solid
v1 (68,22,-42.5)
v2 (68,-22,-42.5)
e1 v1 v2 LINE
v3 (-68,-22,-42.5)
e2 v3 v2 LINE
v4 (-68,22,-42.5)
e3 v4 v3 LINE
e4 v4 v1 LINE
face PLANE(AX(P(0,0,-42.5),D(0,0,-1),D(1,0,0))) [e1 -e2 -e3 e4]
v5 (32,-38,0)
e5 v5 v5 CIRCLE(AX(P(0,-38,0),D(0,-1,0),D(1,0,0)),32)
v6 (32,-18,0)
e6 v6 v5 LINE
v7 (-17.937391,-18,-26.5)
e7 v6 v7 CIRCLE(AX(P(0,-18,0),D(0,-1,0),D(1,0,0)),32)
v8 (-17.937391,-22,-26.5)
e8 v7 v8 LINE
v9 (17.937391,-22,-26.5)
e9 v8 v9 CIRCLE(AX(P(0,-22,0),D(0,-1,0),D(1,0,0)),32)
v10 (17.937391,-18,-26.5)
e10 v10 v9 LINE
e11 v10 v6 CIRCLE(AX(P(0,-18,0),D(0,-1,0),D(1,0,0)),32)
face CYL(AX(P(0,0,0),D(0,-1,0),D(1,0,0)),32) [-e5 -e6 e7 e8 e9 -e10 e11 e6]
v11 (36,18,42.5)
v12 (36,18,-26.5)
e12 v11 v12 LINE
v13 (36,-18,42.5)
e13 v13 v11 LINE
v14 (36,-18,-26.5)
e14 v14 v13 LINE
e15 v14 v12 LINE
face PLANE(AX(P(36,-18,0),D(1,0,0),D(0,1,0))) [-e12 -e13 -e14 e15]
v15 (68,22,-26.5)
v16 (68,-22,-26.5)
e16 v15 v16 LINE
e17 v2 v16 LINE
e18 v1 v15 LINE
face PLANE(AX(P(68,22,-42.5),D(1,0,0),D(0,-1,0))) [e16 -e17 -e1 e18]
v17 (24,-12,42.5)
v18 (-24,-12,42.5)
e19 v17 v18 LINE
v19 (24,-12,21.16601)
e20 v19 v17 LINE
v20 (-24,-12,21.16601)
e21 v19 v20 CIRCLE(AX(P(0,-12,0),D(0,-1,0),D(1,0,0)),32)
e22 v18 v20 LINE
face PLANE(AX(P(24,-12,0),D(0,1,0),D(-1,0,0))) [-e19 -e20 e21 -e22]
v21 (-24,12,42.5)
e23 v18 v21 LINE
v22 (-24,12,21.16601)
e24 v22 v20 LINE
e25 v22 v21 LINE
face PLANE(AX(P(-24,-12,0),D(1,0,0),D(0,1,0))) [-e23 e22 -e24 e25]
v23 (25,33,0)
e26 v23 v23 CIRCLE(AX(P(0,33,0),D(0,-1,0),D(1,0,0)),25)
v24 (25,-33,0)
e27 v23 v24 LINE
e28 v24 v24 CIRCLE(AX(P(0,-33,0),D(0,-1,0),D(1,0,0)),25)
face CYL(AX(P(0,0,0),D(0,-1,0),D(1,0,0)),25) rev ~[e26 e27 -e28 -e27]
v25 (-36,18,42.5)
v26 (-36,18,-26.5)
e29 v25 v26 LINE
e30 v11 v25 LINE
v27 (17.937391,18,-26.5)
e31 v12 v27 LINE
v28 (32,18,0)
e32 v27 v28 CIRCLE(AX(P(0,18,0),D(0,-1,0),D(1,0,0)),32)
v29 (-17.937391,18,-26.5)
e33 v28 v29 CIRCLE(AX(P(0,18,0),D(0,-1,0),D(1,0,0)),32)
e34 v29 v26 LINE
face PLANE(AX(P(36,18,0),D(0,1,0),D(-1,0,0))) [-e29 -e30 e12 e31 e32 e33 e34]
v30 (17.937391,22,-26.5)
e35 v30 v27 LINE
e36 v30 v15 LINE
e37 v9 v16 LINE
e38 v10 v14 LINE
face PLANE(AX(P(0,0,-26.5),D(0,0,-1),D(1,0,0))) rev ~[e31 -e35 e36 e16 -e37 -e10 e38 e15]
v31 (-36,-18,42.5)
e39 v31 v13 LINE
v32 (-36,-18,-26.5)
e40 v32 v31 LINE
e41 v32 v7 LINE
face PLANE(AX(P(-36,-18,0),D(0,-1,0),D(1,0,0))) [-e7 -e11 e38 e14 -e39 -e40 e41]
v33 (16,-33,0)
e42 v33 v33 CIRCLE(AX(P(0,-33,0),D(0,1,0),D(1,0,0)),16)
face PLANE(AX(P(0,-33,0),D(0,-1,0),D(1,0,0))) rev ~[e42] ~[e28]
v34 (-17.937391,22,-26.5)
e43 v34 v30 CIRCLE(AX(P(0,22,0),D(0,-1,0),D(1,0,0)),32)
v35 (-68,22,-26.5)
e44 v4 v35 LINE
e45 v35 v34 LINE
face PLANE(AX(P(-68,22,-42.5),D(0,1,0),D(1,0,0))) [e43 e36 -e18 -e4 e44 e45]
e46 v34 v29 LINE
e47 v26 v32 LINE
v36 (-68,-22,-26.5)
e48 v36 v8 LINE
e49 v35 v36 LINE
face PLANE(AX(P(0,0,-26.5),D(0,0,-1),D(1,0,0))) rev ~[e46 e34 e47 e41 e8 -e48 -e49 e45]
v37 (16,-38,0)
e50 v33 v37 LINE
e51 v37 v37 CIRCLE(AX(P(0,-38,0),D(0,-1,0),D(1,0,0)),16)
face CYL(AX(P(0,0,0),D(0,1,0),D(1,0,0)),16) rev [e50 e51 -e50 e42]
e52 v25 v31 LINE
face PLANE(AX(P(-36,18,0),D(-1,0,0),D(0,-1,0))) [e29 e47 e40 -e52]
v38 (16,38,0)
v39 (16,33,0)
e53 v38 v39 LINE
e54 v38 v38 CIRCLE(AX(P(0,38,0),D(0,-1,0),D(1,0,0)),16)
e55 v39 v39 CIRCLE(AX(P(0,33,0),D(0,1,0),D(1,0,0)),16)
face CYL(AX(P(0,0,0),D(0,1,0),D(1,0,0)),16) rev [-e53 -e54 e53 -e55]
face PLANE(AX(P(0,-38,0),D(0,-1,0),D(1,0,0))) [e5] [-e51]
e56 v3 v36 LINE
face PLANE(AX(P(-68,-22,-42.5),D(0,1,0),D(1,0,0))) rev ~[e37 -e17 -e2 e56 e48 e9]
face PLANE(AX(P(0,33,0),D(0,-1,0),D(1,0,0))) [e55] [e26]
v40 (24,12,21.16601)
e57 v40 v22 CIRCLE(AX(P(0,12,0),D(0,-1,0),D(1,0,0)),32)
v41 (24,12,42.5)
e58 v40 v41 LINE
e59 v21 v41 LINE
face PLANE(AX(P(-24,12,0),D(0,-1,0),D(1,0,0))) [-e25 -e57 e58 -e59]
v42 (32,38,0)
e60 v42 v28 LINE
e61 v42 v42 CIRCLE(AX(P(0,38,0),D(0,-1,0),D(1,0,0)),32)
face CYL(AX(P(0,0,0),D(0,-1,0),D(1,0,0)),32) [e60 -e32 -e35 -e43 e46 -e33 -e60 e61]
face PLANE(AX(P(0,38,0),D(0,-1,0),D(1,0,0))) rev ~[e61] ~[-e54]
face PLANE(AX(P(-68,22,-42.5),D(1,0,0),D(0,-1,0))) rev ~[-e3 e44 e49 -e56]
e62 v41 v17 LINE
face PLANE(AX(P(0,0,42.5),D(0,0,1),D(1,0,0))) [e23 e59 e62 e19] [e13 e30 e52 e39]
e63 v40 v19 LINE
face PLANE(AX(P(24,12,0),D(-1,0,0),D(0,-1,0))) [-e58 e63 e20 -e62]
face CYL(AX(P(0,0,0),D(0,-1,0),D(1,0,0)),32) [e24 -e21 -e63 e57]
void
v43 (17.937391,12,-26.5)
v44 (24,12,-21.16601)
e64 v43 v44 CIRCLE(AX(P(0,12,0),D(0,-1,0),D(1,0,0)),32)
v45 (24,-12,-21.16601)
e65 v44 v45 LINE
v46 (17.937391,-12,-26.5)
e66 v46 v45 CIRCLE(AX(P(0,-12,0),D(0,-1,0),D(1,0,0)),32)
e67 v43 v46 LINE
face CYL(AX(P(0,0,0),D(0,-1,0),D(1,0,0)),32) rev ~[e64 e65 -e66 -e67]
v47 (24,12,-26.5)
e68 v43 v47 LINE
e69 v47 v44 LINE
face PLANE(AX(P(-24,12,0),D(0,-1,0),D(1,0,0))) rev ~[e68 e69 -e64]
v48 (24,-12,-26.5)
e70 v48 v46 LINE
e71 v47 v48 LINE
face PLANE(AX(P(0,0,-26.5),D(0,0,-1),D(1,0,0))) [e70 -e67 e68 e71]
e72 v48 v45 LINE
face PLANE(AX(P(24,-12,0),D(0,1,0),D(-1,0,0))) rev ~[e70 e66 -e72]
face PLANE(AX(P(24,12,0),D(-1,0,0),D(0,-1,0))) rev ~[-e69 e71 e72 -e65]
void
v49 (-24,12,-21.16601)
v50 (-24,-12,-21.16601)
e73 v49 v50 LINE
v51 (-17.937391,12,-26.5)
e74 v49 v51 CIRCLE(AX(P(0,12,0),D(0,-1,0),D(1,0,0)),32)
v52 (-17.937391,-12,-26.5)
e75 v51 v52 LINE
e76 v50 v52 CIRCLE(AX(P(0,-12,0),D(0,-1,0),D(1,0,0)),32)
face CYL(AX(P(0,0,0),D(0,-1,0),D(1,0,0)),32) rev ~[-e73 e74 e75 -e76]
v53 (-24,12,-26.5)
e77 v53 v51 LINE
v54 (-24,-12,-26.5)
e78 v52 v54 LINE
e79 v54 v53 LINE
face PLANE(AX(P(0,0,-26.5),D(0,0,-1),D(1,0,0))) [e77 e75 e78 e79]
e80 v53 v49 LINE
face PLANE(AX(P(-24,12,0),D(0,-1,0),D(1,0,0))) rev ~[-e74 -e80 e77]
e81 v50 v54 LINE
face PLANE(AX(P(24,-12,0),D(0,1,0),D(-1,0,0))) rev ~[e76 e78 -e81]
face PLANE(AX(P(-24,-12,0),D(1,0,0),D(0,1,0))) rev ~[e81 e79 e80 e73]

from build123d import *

# Parameters (mm, degrees)
F0_R      = 32
F0_R_2    = 16
F1_DEPTH  = 38
F3_DEPTH  = 42.5
F3_FACE_R = 16
F4_DEPTH  = 56.001
F5_W      = 136
F5_H      = 44
F6_DEPTH  = 16
F7_R      = 25
F8_DEPTH  = 33


with BuildPart() as f1:
    # F0 (on Front) → F1 (new body, symmetric)
    with BuildSketch(Plane.XZ):
        Circle(F0_R)
        Circle(F0_R_2, mode=Mode.SUBTRACT)
    extrude(amount=F1_DEPTH, both=True)

    # F2 (on Top) → F3 (join, symmetric)
    with BuildSketch(Plane.XY):
        Polygon((24, 12), (0, 12), (-24, 12), (-24, -12), (24, -12), align=None)
        Polygon((0, 18), (-36, 18), (-36, -18), (36, -18), (36, 18), align=None)
        Polygon((-24, 12), (0, 12), (24, 12), (24, -12), (-24, -12), align=None, mode=Mode.SUBTRACT)
    extrude(amount=F3_DEPTH, both=True)

    # F3_face (on face) → F4 (cut, through all)
    with BuildSketch(Plane.XZ.offset(18)):
        Circle(F3_FACE_R)
    extrude(amount=-F4_DEPTH, mode=Mode.SUBTRACT)

    # F5 (on face) → F6 (join)
    with BuildSketch(Plane(origin=(0, 0, -42.5), x_dir=(1, 0, 0), z_dir=(0, 0, -1))):
        Rectangle(F5_W, F5_H)
    extrude(amount=-F6_DEPTH)

    # F7 (on Front) → F8 (cut, symmetric)
    with BuildSketch(Plane.XZ):
        Circle(F7_R)
    extrude(amount=F8_DEPTH, both=True, mode=Mode.SUBTRACT)


solid = f1.part
